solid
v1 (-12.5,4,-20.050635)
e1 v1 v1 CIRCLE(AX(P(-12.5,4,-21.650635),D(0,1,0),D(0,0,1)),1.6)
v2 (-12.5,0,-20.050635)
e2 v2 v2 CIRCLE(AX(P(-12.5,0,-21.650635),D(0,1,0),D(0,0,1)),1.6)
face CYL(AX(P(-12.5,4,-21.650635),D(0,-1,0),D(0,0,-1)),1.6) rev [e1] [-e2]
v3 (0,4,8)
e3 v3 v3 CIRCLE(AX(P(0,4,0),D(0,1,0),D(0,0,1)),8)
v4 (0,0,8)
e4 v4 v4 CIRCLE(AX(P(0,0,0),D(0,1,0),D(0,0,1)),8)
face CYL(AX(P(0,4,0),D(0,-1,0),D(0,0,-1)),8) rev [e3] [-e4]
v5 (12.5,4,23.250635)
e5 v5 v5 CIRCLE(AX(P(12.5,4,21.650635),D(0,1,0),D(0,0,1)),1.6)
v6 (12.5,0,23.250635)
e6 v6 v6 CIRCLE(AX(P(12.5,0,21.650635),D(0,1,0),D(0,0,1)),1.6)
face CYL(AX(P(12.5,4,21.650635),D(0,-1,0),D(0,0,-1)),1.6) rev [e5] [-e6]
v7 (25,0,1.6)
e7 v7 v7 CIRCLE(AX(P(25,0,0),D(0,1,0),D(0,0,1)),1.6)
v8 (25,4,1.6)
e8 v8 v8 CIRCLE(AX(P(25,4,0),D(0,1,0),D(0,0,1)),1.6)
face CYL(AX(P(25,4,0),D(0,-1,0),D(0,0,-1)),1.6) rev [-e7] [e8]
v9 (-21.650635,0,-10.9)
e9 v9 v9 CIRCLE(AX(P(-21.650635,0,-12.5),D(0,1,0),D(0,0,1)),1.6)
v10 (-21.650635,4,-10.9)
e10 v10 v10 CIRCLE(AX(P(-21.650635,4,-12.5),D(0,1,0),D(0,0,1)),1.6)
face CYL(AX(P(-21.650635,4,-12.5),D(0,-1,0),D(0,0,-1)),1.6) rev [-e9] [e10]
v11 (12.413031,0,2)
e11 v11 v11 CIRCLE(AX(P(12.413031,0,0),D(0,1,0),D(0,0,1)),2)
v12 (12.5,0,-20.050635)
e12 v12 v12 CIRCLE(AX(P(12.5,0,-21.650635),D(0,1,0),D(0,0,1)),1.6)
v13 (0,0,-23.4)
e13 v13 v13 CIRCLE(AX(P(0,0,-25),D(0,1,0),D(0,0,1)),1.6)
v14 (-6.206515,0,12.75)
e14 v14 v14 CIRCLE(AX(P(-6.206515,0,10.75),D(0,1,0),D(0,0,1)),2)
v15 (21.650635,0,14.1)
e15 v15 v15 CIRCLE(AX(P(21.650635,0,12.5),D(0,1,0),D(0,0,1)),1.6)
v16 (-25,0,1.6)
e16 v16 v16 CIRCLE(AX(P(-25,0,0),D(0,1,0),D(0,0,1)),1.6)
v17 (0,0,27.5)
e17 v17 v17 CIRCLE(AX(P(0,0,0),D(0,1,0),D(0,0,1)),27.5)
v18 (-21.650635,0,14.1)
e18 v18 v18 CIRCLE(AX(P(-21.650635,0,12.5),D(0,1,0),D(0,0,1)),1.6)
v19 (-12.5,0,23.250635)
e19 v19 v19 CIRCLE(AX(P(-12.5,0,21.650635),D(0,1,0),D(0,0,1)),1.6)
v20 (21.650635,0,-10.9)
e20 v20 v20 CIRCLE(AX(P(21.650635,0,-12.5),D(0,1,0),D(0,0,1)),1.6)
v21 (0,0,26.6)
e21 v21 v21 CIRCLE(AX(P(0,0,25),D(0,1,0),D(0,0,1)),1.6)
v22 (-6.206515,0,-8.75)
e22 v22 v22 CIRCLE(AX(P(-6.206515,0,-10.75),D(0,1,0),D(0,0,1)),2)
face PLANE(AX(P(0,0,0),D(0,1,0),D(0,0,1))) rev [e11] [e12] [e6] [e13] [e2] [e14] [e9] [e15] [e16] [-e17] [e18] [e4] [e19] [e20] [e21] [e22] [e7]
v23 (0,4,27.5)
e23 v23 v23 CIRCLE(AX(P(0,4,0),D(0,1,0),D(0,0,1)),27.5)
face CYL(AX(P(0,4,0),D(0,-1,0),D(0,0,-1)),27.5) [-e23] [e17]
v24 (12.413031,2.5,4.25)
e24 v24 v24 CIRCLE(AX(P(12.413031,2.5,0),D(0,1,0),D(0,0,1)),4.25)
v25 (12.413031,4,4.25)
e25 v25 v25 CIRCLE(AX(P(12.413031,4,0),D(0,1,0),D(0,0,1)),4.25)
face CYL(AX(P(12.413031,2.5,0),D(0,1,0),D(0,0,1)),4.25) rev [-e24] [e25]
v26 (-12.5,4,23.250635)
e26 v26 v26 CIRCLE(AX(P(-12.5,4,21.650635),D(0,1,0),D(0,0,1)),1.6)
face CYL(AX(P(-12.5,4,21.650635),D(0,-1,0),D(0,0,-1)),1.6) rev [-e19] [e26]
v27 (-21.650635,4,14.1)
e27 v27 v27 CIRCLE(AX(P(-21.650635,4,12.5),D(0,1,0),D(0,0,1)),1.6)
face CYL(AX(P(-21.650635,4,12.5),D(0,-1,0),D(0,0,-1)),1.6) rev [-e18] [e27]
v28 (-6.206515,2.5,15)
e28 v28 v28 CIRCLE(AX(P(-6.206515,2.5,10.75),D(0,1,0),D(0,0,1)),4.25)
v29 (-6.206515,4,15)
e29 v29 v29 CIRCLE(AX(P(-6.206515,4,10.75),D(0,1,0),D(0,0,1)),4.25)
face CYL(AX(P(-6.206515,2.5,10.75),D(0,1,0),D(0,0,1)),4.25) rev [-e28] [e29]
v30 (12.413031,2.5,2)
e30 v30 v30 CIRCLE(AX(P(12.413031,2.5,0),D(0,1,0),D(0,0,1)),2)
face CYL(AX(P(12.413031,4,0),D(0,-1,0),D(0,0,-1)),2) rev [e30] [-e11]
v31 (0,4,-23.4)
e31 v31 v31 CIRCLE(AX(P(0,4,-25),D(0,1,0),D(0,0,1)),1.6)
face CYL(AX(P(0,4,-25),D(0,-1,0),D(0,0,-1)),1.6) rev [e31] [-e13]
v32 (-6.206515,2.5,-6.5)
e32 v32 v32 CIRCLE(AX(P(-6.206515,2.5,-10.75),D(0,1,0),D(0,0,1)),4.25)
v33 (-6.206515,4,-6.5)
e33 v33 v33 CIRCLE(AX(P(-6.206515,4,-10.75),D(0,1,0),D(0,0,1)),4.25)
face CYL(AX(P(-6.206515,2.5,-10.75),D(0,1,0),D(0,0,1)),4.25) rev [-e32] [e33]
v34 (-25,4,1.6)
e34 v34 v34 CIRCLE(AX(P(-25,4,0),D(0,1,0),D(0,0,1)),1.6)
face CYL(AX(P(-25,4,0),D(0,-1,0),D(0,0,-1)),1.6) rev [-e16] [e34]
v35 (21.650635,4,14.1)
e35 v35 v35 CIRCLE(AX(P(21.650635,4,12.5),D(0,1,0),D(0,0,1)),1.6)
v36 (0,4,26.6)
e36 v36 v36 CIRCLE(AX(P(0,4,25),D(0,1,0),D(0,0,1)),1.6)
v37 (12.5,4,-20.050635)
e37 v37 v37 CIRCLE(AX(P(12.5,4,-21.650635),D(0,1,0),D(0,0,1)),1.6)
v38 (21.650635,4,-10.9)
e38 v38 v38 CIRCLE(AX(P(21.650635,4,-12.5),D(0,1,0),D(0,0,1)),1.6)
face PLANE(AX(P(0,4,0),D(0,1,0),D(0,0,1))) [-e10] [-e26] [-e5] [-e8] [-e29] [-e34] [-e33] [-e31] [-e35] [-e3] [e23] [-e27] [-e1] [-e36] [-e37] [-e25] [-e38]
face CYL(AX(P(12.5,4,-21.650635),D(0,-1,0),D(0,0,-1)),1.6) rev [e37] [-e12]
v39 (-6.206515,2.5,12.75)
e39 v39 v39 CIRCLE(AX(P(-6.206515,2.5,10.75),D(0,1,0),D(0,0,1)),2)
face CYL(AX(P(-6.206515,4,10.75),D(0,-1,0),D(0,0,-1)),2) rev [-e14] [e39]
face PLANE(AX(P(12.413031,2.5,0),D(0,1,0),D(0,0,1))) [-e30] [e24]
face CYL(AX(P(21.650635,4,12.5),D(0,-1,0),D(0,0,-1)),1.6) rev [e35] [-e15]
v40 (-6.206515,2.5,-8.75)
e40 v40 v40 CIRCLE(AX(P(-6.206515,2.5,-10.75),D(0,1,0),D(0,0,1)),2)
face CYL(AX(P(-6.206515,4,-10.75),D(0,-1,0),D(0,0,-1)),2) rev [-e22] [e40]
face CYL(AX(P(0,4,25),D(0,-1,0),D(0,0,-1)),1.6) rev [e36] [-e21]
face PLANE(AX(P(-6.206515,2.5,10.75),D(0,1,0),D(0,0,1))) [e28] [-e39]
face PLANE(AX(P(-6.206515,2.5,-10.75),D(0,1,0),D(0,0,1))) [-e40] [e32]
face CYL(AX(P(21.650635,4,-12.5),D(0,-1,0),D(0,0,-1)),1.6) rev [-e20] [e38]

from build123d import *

# Parameters (mm, degrees)
SKETCH1_R           = 27.5
SKETCH1_R_2         = 1.6
SKETCH1_R_3         = 8
SKETCH1_R_4         = 2
BOSS_EXTRUDE1_DEPTH = 4
SKETCH2_R           = 4.25
CUT_EXTRUDE1_DEPTH  = 1.5


with BuildPart() as part:
    # Sketch1 → Boss-Extrude1 (new body)
    with BuildSketch(Plane(origin=(0, 0, 0), x_dir=(1, 0, 0), z_dir=(0, 1, 0))):
        Circle(SKETCH1_R)
        with Locations((0, 25)):
            Circle(SKETCH1_R_2, mode=Mode.SUBTRACT)
        with Locations((12.5, 21.650635095)):
            Circle(SKETCH1_R_2, mode=Mode.SUBTRACT)
        with Locations((21.650635095, 12.5)):
            Circle(SKETCH1_R_2, mode=Mode.SUBTRACT)
        with Locations((25, 0)):
            Circle(SKETCH1_R_2, mode=Mode.SUBTRACT)
        with Locations((21.650635095, -12.5)):
            Circle(SKETCH1_R_2, mode=Mode.SUBTRACT)
        with Locations((12.5, -21.650635095)):
            Circle(SKETCH1_R_2, mode=Mode.SUBTRACT)
        with Locations((0, -25)):
            Circle(SKETCH1_R_2, mode=Mode.SUBTRACT)
        with Locations((-12.5, -21.650635095)):
            Circle(SKETCH1_R_2, mode=Mode.SUBTRACT)
        with Locations((-21.650635095, -12.5)):
            Circle(SKETCH1_R_2, mode=Mode.SUBTRACT)
        with Locations((-25, 0)):
            Circle(SKETCH1_R_2, mode=Mode.SUBTRACT)
        with Locations((-21.650635095, 12.5)):
            Circle(SKETCH1_R_2, mode=Mode.SUBTRACT)
        with Locations((-12.5, 21.650635095)):
            Circle(SKETCH1_R_2, mode=Mode.SUBTRACT)
        Circle(SKETCH1_R_3, mode=Mode.SUBTRACT)
        with Locations((12.413030788, 0)):
            Circle(SKETCH1_R_4, mode=Mode.SUBTRACT)
        with Locations((-6.206515394, -10.75)):
            Circle(SKETCH1_R_4, mode=Mode.SUBTRACT)
        with Locations((-6.206515394, 10.75)):
            Circle(SKETCH1_R_4, mode=Mode.SUBTRACT)
    extrude(amount=BOSS_EXTRUDE1_DEPTH)

    # Sketch2 → Cut-Extrude1 (cut)
    with BuildSketch(Plane(origin=(0, 4, 0), x_dir=(1, 0, 0), z_dir=(0, 1, 0))):
        with Locations((-6.206515394, 10.75)):
            Circle(SKETCH2_R)
        with Locations((12.413030788, 0)):
            Circle(SKETCH2_R)
        with Locations((-6.206515394, -10.75)):
            Circle(SKETCH2_R)
    extrude(amount=-CUT_EXTRUDE1_DEPTH, mode=Mode.SUBTRACT)


solid = part.part
